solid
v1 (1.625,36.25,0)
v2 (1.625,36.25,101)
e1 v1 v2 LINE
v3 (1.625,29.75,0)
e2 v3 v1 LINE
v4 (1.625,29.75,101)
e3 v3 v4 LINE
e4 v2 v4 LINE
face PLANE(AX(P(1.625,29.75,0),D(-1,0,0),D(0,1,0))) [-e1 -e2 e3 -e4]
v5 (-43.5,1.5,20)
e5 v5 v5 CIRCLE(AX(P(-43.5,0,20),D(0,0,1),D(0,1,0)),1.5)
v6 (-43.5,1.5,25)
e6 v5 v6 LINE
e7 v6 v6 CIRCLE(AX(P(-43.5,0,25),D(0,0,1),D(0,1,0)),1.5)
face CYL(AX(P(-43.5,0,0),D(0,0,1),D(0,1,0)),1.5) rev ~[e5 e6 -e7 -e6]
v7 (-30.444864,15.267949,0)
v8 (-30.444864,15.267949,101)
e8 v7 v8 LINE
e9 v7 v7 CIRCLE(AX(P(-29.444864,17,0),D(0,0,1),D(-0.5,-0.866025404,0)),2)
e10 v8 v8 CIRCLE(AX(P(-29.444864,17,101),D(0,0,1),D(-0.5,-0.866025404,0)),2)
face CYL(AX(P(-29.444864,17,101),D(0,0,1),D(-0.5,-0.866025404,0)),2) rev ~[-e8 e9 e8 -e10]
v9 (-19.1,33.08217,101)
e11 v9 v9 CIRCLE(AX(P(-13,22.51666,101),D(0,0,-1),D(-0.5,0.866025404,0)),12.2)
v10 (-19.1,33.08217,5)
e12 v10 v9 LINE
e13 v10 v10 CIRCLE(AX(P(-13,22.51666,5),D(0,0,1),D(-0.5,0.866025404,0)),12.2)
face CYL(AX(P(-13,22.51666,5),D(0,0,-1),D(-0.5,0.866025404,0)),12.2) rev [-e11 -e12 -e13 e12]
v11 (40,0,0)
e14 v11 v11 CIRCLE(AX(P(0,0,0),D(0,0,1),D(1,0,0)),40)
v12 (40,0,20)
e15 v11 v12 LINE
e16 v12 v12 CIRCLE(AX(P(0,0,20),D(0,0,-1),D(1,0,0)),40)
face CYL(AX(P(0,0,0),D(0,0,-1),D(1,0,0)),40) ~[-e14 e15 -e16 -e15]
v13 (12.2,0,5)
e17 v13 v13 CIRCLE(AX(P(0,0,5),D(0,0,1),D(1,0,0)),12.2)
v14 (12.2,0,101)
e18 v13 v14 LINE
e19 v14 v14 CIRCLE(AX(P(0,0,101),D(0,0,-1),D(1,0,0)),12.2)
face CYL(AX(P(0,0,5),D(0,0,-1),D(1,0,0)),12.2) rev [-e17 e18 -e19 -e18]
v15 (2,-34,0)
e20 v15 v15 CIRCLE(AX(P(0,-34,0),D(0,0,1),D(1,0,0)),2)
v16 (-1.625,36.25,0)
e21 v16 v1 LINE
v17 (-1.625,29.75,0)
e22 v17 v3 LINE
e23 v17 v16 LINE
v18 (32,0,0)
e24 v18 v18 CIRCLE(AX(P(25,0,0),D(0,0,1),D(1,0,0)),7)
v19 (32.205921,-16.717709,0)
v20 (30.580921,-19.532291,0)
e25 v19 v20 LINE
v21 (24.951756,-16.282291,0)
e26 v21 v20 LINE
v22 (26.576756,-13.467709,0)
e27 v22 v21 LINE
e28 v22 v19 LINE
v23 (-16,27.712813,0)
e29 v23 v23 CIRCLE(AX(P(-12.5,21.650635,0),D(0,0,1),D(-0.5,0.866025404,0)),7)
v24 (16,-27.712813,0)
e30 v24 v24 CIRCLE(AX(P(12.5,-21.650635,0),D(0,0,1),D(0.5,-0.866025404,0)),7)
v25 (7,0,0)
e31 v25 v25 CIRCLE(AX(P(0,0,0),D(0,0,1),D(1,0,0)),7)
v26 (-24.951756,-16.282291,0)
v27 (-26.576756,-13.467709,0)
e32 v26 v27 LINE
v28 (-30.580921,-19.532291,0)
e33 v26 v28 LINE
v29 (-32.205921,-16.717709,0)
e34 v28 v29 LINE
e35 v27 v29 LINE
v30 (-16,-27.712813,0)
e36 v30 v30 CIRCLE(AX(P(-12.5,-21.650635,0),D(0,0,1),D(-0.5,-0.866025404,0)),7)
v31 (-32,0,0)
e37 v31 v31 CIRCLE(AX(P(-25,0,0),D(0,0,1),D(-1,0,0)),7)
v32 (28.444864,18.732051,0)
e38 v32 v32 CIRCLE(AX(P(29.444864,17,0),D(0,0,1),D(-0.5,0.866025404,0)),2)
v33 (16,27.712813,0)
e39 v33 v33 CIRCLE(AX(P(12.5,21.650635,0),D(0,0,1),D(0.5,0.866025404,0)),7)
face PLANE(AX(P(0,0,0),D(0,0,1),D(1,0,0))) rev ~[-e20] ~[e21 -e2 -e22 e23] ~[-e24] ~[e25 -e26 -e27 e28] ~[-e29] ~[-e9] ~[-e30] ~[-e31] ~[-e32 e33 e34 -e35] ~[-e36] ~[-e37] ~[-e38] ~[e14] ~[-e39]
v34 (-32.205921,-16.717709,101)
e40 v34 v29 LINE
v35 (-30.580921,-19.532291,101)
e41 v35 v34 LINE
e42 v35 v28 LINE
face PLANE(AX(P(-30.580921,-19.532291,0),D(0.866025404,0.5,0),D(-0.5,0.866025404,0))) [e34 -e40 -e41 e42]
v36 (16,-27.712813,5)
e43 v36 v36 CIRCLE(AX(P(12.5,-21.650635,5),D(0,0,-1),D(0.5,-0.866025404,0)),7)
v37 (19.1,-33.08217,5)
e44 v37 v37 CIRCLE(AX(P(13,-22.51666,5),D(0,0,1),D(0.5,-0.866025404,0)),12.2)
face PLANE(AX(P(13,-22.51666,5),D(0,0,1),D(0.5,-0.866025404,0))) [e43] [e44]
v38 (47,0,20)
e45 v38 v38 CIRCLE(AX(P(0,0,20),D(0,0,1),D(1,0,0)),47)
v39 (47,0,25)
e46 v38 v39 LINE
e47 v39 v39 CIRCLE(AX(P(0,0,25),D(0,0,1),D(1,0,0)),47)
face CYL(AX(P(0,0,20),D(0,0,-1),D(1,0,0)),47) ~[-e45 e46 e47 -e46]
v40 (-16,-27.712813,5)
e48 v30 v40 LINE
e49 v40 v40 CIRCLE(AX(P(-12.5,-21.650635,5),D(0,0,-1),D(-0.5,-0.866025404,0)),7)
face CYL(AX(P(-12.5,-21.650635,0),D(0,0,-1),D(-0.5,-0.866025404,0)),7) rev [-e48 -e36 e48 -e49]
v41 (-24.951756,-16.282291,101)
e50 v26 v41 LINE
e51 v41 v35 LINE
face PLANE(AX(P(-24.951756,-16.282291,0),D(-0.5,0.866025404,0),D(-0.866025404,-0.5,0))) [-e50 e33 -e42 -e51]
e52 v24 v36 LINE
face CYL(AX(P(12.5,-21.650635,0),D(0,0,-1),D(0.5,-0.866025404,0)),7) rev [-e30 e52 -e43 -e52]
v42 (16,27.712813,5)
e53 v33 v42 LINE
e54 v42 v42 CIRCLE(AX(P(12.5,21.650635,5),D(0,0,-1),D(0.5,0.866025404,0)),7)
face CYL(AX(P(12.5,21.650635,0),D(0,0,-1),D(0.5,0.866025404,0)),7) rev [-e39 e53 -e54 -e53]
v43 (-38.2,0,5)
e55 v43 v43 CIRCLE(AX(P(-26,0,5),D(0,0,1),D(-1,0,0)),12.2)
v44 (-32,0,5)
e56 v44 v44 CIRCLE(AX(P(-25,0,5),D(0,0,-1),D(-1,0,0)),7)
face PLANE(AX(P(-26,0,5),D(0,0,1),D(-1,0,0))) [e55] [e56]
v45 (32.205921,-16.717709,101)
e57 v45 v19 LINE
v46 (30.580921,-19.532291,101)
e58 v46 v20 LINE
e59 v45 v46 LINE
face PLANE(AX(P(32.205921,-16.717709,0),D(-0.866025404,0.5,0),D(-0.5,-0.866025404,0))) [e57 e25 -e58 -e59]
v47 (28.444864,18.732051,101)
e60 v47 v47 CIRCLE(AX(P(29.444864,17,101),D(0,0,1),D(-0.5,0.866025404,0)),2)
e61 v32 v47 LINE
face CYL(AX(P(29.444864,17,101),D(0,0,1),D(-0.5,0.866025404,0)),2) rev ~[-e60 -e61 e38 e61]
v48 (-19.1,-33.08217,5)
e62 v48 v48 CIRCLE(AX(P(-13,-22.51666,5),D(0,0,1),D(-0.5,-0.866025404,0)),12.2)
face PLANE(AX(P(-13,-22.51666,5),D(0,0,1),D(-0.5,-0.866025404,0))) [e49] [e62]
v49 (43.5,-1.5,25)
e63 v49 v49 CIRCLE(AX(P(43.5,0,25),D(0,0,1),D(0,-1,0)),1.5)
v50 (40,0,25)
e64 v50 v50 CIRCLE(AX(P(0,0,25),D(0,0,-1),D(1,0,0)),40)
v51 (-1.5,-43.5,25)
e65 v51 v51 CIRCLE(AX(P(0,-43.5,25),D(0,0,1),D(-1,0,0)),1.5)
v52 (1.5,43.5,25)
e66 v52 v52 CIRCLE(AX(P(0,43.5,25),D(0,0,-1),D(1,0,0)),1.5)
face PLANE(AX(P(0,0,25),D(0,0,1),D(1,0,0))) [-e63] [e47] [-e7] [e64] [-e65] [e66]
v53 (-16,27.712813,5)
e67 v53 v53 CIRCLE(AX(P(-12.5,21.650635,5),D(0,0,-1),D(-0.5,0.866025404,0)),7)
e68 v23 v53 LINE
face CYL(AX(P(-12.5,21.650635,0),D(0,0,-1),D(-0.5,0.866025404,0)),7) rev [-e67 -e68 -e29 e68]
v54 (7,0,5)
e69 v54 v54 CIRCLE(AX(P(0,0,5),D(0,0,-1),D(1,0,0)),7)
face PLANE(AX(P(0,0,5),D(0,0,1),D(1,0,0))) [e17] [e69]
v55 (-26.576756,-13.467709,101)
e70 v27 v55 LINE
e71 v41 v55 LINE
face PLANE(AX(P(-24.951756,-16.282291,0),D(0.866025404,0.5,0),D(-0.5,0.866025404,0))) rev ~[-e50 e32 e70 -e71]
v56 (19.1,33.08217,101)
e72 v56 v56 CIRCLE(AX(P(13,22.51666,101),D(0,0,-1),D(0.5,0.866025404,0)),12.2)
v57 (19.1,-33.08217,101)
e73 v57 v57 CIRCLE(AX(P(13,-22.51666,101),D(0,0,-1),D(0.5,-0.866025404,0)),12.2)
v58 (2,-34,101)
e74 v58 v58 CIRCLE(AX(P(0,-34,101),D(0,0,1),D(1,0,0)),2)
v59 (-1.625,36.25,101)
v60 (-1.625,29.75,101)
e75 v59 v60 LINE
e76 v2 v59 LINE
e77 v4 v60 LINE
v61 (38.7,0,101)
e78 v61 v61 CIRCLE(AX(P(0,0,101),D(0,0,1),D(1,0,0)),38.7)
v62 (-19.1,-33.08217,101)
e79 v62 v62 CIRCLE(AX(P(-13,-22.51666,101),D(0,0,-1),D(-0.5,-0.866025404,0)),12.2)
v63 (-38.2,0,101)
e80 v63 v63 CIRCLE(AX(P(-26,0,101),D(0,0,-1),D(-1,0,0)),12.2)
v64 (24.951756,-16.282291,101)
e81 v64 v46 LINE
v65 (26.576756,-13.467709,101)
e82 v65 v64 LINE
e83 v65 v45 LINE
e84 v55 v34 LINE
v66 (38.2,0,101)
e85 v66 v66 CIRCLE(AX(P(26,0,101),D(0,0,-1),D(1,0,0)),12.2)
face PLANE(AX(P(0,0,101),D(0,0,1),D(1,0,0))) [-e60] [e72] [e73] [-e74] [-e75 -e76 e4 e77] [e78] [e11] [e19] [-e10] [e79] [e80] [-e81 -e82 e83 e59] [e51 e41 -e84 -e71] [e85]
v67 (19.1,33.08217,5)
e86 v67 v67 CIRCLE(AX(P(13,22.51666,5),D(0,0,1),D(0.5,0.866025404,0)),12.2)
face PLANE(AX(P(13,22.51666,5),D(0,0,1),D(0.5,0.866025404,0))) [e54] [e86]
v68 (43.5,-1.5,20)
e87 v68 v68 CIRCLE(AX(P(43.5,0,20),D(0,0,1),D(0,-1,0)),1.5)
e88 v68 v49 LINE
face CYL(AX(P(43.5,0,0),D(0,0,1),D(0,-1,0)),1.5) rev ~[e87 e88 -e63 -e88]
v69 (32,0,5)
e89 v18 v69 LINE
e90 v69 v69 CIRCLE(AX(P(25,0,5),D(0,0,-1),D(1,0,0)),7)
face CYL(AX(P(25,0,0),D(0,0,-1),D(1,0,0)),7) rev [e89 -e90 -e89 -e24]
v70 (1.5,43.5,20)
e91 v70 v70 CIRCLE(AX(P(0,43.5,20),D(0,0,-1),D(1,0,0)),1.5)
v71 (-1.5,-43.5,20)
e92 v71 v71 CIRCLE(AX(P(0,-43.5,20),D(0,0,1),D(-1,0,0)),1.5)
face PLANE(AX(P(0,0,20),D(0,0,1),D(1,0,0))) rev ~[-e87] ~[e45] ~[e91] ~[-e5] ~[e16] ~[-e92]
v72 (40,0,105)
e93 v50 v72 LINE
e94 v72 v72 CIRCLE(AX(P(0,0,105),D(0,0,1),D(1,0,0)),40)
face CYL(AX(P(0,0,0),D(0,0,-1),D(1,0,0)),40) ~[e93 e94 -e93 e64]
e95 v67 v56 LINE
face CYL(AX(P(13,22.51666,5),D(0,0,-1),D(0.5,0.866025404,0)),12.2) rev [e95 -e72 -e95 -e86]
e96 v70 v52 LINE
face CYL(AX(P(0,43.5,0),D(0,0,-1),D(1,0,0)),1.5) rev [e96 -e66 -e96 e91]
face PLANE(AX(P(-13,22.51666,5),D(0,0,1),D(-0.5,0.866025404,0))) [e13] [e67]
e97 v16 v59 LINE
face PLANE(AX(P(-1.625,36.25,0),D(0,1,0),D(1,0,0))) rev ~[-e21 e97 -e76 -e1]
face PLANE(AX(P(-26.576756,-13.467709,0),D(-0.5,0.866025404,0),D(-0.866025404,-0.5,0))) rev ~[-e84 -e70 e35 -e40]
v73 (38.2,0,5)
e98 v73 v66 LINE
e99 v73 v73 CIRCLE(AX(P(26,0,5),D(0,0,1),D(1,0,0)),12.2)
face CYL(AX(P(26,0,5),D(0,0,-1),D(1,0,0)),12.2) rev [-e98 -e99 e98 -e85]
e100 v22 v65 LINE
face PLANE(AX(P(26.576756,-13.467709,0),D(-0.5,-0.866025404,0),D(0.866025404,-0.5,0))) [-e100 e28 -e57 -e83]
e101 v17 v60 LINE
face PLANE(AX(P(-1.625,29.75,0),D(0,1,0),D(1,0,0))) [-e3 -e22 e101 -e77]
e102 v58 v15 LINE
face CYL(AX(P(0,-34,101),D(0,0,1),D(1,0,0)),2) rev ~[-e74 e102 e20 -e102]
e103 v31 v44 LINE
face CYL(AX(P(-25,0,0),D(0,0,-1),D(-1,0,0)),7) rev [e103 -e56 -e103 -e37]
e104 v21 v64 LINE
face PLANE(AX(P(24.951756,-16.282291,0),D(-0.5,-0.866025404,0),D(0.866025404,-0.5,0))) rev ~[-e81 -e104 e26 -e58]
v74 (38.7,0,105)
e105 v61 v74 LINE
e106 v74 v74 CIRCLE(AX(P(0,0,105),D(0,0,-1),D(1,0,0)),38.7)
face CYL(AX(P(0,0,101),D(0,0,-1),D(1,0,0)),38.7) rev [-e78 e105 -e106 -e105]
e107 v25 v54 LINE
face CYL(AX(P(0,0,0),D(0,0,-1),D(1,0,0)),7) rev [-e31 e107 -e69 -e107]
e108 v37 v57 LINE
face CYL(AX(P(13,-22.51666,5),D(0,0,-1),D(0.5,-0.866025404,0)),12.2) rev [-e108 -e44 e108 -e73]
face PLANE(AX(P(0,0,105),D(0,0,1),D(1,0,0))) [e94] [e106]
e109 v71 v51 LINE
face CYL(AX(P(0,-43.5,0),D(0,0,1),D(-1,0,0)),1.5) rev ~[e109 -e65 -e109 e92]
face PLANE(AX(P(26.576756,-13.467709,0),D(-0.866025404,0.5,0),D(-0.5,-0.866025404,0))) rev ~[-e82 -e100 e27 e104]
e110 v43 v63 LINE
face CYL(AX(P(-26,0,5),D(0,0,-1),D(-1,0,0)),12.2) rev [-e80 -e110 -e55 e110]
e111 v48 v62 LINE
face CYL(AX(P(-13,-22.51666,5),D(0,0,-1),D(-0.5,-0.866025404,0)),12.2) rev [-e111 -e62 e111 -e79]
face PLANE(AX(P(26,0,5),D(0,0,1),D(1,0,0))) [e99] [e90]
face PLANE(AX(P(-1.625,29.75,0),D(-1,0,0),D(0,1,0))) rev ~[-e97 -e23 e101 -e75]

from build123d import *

# Parameters (mm, degrees)
CYLINDER001_R         = 47
CYLINDER001_DEPTH     = 5
CYLINDER_R            = 40
CYLINDER_DEPTH        = 105
SKETCH_R              = 12.2
POCKET_DEPTH          = 100.001
SKETCH001_R           = 12.2
POCKET001_DEPTH       = 438.804778
POLARPATTERN_COUNT    = 6
SKETCH002_R           = 7
POCKET002_DEPTH       = 105.001
SKETCH003_R           = 7
POCKET003_DEPTH       = 443.804778
POLARPATTERN001_COUNT = 6
SKETCH004_R           = 38.7
POCKET004_DEPTH       = 4.001
SKETCH005_R           = 2
POCKET005_DEPTH       = 439.804778
POCKET005_DEPTH_BACK  = 342.804778
POLARPATTERN002_COUNT = 3
SKETCH006_R           = 1.5
POCKET006_DEPTH       = 338.804778
POCKET006_DEPTH_BACK  = 443.804778
POLARPATTERN003_COUNT = 4
SKETCH007_W           = 3.25
SKETCH007_H           = 6.5
POCKET007_DEPTH       = 338.804778
POCKET007_DEPTH_BACK  = 443.804778
POLARPATTERN004_COUNT = 3


with BuildPart() as anneau_de_fixation:
    # Cylinder001 → Cylinder001 (new body)
    with BuildSketch(Plane.XY.offset(20)):
        Circle(CYLINDER001_R)
    extrude(amount=CYLINDER001_DEPTH)


with BuildPart() as corps:
    # Cylinder → Cylinder (new body)
    with BuildSketch(Plane.XY):
        Circle(CYLINDER_R)
    extrude(amount=CYLINDER_DEPTH)

    # Fusion: union Anneau de fixation
    add(anneau_de_fixation.part)

    # Sketch → Pocket (cut, through all)
    with BuildSketch(Plane.XY.offset(5)):
        Circle(SKETCH_R)
    extrude(amount=POCKET_DEPTH, mode=Mode.SUBTRACT)

    # Sketch001 → Pocket001 (cut, through all)
    with BuildSketch(Plane(origin=(26, 0, 5), x_dir=(1, 0, 0), z_dir=(0, 0, 1))):
        Circle(SKETCH001_R)
    pocket001 = extrude(amount=POCKET001_DEPTH, mode=Mode.SUBTRACT)

    # PolarPattern: Pocket001 ×6 about axis
    polarpattern_axis = Axis((0, 0, 0), (0, 0, 1))
    for i in range(1, POLARPATTERN_COUNT):
        add(pocket001.rotate(polarpattern_axis, i * 360 / POLARPATTERN_COUNT), mode=Mode.SUBTRACT)

    # Sketch002 → Pocket002 (cut, through all)
    with BuildSketch(Plane.XY):
        Circle(SKETCH002_R)
    extrude(amount=POCKET002_DEPTH, mode=Mode.SUBTRACT)

    # Sketch003 → Pocket003 (cut, through all)
    with BuildSketch(Plane(origin=(25, 0, 0), x_dir=(1, 0, 0), z_dir=(0, 0, 1))):
        Circle(SKETCH003_R)
    pocket003 = extrude(amount=POCKET003_DEPTH, mode=Mode.SUBTRACT)

    # PolarPattern001: Pocket003 ×6 about axis
    polarpattern001_axis = Axis((0, 0, 0), (0, 0, 1))
    for i in range(1, POLARPATTERN001_COUNT):
        add(pocket003.rotate(polarpattern001_axis, i * 360 / POLARPATTERN001_COUNT), mode=Mode.SUBTRACT)

    # Sketch004 → Pocket004 (cut, through all)
    with BuildSketch(Plane.XY.offset(101)):
        Circle(SKETCH004_R)
    extrude(amount=POCKET004_DEPTH, mode=Mode.SUBTRACT)

    # Sketch005 → Pocket005 (cut, two sides)
    with BuildSketch(Plane(origin=(0, -34, 101), x_dir=(1, 0, 0), z_dir=(0, 0, 1))) as pocket005_sk:
        Circle(SKETCH005_R)
    pocket005 = extrude(amount=-POCKET005_DEPTH, mode=Mode.SUBTRACT) + extrude(pocket005_sk.sketch, amount=POCKET005_DEPTH_BACK, mode=Mode.SUBTRACT)

    # PolarPattern002: Pocket005 ×3 about axis
    polarpattern002_axis = Axis((0, 0, 0), (0, 0, 1))
    for i in range(1, POLARPATTERN002_COUNT):
        add(pocket005.rotate(polarpattern002_axis, i * 360 / POLARPATTERN002_COUNT), mode=Mode.SUBTRACT)

    # Sketch006 → Pocket006 (cut, two sides)
    with BuildSketch(Plane(origin=(0, 43.5, 0), x_dir=(1, 0, 0), z_dir=(0, 0, 1))) as pocket006_sk:
        Circle(SKETCH006_R)
    pocket006 = extrude(amount=-POCKET006_DEPTH, mode=Mode.SUBTRACT) + extrude(pocket006_sk.sketch, amount=POCKET006_DEPTH_BACK, mode=Mode.SUBTRACT)

    # PolarPattern003: Pocket006 ×4 about axis
    polarpattern003_axis = Axis((0, 0, 0), (0, 0, 1))
    for i in range(1, POLARPATTERN003_COUNT):
        add(pocket006.rotate(polarpattern003_axis, i * 360 / POLARPATTERN003_COUNT), mode=Mode.SUBTRACT)

    # Sketch007 → Pocket007 (cut, two sides)
    with BuildSketch(Plane(origin=(0, 33, 0), x_dir=(1, 0, 0), z_dir=(0, 0, 1))) as pocket007_sk:
        Rectangle(SKETCH007_W, SKETCH007_H)
    pocket007 = extrude(amount=-POCKET007_DEPTH, mode=Mode.SUBTRACT) + extrude(pocket007_sk.sketch, amount=POCKET007_DEPTH_BACK, mode=Mode.SUBTRACT)

    # PolarPattern004: Pocket007 ×3 about axis
    polarpattern004_axis = Axis((0, 0, 0), (0, 0, 1))
    for i in range(1, POLARPATTERN004_COUNT):
        add(pocket007.rotate(polarpattern004_axis, i * 360 / POLARPATTERN004_COUNT), mode=Mode.SUBTRACT)


solid = corps.part
